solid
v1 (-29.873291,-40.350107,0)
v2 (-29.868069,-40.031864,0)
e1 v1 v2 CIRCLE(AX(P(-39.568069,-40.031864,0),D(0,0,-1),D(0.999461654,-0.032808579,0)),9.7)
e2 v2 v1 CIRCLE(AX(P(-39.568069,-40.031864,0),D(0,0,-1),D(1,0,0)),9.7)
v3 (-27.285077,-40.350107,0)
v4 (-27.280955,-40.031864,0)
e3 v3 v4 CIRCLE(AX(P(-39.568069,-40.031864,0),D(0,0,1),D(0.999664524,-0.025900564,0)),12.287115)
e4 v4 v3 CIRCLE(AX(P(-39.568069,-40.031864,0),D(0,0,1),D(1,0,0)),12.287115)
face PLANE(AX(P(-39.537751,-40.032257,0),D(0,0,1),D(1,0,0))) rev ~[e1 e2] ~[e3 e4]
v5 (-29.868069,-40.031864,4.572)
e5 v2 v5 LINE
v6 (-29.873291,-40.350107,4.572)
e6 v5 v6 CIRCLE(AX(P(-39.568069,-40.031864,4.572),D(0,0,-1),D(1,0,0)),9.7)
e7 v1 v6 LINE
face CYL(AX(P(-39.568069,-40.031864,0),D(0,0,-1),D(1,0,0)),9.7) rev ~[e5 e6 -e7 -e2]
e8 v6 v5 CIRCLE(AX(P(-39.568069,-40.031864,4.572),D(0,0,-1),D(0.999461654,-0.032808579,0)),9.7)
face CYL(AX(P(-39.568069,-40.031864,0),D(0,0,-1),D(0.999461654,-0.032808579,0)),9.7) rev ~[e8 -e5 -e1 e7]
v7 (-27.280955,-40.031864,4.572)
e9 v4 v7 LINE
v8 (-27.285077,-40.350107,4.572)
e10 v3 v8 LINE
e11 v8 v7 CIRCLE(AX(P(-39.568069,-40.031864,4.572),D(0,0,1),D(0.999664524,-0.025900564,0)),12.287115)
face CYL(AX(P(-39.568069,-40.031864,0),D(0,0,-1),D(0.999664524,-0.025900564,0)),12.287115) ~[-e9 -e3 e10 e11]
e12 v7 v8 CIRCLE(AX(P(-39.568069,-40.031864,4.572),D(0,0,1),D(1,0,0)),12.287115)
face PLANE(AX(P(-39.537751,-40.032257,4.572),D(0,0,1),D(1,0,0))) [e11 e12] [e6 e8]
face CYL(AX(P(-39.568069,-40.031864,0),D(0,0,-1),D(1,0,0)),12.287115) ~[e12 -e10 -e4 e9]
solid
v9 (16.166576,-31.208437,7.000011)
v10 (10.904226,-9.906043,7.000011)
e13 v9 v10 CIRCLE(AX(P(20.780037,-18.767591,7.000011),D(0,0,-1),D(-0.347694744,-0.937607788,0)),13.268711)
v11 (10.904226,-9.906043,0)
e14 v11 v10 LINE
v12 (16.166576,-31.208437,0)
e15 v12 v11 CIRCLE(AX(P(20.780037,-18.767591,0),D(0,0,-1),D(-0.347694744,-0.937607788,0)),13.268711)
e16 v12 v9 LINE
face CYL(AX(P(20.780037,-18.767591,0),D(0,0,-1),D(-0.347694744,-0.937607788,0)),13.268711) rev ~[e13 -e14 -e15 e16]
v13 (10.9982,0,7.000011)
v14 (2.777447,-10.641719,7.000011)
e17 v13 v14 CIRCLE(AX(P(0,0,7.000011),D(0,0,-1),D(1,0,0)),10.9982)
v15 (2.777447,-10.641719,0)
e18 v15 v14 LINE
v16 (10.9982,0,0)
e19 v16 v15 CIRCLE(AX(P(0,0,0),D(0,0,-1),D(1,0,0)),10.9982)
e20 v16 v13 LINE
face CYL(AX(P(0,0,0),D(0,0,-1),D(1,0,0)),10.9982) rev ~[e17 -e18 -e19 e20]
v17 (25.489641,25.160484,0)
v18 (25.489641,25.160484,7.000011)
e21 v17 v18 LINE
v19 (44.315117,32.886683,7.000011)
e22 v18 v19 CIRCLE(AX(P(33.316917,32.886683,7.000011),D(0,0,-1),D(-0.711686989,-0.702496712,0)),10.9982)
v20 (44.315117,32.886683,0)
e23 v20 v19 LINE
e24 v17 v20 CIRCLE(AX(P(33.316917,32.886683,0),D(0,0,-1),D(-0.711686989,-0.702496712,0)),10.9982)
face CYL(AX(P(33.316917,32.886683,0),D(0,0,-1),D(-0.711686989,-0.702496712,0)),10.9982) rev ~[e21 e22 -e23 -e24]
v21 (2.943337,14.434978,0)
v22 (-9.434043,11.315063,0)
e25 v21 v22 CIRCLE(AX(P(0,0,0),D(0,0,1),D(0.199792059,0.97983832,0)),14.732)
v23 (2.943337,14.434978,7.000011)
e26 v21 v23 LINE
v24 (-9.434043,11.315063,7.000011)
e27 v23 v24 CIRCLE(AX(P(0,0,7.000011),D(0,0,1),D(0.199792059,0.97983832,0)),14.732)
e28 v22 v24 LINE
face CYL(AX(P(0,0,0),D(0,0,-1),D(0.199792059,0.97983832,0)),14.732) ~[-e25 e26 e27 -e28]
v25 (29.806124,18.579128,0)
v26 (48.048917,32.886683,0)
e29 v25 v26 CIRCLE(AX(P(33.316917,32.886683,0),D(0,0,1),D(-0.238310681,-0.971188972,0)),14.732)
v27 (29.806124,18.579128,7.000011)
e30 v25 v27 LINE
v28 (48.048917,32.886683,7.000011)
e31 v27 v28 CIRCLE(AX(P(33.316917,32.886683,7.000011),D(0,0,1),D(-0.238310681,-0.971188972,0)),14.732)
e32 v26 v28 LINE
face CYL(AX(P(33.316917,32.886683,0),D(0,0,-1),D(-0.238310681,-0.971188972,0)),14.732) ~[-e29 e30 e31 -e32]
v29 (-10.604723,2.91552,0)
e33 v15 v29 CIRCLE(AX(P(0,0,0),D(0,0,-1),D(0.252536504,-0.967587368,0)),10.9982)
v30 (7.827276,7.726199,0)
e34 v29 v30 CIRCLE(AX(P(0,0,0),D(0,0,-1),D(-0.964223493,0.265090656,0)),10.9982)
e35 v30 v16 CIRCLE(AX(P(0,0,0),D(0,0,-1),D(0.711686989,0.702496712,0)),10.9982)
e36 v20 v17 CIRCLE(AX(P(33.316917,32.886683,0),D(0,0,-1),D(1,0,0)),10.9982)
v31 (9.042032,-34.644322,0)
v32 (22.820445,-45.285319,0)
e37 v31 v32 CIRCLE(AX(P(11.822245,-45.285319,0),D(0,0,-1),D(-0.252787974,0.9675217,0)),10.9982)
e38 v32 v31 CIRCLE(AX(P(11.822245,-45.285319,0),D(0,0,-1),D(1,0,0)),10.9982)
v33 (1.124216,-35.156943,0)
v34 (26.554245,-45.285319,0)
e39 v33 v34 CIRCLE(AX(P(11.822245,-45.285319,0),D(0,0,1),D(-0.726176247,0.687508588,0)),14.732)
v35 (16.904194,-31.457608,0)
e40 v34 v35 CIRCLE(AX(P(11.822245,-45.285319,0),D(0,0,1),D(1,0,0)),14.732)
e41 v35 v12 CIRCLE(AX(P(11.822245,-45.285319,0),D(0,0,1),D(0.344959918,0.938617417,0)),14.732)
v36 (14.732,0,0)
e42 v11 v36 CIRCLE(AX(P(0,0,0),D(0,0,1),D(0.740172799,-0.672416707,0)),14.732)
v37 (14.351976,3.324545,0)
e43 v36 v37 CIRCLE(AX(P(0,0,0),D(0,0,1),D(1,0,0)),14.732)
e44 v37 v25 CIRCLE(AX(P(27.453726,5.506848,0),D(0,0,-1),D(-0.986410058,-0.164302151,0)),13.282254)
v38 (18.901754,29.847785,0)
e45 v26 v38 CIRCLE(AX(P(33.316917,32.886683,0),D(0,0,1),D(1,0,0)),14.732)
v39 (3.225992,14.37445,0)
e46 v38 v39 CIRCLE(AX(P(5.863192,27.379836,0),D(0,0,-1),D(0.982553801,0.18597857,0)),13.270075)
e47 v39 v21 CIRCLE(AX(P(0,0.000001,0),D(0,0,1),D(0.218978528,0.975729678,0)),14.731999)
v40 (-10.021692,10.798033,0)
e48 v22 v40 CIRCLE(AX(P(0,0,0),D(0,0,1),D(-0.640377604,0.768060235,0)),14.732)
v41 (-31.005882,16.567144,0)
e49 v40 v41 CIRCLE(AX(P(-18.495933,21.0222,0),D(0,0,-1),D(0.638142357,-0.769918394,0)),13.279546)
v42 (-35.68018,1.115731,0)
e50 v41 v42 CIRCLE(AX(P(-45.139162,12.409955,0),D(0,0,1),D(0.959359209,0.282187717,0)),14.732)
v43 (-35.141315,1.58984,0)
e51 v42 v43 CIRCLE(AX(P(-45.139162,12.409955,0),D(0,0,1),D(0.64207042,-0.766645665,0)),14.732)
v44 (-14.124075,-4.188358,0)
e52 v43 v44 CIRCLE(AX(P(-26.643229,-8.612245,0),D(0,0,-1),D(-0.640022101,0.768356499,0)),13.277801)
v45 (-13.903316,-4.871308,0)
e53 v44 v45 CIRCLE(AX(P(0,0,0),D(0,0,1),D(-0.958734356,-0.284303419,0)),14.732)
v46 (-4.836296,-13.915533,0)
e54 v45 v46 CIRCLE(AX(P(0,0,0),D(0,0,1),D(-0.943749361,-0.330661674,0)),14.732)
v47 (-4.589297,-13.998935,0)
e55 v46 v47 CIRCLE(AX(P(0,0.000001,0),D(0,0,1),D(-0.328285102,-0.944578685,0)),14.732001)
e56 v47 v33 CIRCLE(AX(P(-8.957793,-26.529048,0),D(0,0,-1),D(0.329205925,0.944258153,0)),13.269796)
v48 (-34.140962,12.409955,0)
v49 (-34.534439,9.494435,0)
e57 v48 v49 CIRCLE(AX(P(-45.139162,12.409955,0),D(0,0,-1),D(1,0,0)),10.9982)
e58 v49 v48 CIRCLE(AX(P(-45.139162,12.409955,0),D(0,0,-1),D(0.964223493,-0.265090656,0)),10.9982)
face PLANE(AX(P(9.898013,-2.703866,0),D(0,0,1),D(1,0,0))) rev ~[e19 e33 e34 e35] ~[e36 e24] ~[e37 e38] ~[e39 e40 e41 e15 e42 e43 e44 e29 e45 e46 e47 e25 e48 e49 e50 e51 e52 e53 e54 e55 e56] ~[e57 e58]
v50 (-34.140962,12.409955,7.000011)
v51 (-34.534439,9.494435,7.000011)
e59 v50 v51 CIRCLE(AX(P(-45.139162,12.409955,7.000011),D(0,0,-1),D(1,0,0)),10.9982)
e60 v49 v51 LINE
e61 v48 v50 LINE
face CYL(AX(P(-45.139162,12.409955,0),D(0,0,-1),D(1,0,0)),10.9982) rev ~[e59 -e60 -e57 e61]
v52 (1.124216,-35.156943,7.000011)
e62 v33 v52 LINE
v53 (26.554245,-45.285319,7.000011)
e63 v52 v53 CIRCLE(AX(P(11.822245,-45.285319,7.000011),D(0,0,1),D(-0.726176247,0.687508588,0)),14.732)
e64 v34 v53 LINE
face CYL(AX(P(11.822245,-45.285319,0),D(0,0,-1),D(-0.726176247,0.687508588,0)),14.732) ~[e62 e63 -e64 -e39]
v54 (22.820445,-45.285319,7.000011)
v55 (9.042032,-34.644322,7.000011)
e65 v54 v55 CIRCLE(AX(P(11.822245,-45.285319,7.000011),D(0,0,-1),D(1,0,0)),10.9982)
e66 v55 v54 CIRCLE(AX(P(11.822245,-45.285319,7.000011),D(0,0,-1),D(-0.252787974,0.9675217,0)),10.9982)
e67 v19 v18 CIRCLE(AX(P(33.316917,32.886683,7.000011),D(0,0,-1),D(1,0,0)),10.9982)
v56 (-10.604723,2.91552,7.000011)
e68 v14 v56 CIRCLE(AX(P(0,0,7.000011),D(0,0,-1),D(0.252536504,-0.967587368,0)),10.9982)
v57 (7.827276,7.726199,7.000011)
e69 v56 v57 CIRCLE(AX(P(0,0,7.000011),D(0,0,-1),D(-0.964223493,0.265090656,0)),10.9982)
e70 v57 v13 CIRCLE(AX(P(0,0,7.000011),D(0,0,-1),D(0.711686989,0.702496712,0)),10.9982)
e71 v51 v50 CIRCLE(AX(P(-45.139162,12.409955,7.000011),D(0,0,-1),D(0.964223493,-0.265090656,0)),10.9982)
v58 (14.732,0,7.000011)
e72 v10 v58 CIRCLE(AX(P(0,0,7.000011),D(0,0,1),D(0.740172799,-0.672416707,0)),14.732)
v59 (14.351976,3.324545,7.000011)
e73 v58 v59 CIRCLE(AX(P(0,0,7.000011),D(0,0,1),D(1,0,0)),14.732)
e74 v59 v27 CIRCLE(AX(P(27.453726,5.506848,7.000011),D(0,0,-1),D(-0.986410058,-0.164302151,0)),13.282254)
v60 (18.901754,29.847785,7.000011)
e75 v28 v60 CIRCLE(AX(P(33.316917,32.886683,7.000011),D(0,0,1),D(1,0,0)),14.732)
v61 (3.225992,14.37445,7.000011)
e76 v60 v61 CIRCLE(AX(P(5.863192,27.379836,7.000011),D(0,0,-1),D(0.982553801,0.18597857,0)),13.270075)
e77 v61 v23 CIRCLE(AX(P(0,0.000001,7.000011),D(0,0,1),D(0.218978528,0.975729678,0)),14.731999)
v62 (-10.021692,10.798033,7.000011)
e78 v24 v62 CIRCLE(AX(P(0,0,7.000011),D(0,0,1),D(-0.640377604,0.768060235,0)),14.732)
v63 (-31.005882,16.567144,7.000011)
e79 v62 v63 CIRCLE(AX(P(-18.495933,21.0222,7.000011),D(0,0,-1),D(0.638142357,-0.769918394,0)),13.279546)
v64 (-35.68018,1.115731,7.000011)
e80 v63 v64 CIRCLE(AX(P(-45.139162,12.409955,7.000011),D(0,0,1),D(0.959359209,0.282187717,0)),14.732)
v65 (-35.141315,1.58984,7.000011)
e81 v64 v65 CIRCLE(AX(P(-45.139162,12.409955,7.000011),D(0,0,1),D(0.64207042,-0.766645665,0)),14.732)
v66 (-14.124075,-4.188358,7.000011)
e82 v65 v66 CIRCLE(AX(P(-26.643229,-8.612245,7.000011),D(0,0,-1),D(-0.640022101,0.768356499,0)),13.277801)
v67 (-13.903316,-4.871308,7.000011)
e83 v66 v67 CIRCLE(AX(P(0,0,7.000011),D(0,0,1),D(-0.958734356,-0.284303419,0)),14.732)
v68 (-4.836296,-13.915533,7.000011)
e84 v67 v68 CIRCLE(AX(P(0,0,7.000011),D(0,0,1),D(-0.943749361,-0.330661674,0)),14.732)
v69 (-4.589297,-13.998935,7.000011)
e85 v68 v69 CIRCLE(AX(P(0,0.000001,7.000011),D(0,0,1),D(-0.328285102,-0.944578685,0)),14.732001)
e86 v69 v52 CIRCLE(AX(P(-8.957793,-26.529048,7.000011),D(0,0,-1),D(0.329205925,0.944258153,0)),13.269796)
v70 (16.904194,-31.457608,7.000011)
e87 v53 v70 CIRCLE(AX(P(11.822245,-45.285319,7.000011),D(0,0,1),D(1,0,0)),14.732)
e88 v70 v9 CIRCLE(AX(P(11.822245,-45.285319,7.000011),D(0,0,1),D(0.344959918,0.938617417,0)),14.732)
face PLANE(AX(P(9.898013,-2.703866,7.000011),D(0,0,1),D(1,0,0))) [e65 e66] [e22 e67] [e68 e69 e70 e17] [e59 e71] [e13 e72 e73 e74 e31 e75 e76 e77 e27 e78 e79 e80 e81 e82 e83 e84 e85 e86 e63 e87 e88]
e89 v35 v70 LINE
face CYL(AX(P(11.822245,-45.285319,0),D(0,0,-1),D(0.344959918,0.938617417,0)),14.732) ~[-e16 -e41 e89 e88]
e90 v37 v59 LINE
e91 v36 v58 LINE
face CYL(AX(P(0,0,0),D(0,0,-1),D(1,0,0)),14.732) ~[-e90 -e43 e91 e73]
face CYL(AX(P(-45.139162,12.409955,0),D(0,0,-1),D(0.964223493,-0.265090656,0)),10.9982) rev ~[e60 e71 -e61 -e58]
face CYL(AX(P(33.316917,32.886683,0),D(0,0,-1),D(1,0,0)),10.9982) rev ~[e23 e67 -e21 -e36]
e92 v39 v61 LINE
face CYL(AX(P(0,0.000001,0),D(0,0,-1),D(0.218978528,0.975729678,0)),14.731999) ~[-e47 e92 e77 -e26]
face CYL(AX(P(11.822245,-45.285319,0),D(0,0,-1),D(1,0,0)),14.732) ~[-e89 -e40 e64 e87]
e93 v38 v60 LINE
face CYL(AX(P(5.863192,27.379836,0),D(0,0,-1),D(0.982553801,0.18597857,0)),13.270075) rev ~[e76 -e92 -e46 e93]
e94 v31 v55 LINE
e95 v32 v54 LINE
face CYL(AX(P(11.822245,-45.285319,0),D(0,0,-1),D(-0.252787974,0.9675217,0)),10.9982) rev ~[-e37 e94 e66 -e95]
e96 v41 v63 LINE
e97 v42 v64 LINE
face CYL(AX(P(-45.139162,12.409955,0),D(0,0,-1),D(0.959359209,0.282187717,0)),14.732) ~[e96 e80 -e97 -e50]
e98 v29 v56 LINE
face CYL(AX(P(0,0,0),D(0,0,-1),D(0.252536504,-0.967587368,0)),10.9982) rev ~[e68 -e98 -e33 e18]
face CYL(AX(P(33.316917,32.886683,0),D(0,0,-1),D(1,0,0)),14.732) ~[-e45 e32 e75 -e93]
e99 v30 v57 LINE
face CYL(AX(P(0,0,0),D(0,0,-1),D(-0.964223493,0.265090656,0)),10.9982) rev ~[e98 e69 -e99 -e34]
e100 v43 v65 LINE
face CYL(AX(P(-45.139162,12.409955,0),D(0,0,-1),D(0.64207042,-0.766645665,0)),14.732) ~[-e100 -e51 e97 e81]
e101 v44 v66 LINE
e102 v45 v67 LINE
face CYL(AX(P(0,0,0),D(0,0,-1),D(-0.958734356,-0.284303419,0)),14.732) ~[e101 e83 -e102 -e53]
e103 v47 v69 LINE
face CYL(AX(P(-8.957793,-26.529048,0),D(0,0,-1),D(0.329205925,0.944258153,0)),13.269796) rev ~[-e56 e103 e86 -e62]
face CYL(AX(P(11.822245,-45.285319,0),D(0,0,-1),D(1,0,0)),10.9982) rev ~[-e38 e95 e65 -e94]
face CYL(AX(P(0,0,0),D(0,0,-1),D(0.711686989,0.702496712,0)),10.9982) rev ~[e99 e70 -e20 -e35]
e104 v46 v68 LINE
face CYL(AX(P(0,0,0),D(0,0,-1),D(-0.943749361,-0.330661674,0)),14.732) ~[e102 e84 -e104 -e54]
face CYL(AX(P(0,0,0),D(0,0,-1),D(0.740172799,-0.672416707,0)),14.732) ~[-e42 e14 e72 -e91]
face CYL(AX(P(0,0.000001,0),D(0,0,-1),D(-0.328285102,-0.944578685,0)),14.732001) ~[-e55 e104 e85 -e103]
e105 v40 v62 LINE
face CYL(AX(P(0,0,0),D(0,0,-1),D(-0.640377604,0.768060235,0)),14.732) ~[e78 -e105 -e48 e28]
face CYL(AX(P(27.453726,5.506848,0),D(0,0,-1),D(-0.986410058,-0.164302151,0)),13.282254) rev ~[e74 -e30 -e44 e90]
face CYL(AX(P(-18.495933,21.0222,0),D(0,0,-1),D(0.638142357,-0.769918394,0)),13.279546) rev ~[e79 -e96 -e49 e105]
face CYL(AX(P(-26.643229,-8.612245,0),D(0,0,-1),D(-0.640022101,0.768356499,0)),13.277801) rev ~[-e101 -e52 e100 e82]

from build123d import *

# Parameters (mm, degrees)
F2_DEPTH = 7.0000114
F4_DEPTH = 4.572


with BuildPart() as f2:
    # F0 (on Top) → F2 (new body)
    with BuildSketch(Plane.XY):
        with BuildLine():
            ThreePointArc((7.8272758418, 7.7261993333), (10.1746338608, 4.1757908279), (10.9982, 0))
            ThreePointArc((10.9982, 0), (8.7036578683, -6.7235959837), (2.7774469764, -10.641719388))
            Line((2.7774469764, -10.641719388), (3.7203677744, -14.2544971017))
            ThreePointArc((3.7203677744, -14.2544971017), (7.6286923371, -12.6029709682), (10.90422567, -9.9060429303))
            ThreePointArc((10.90422567, -9.9060429303), (13.7417771152, -5.3099327411), (14.732, 0))
            ThreePointArc((14.732, 0), (14.6366857563, 1.6730971491), (14.3519763684, 3.324544829))
            ThreePointArc((14.3519763684, 3.324544829), (12.9054222306, 7.1050616499), (10.4845727211, 10.3491815549))
            Line((10.4845727211, 10.3491815549), (7.8272758418, 7.7261993333))
        make_face()
        with BuildLine():
            ThreePointArc((-10.6047228182, 2.9155200548), (-2.7774469764, 10.641719388), (7.8272758418, 7.7261993333))
            Line((7.8272758418, 7.7261993333), (10.4845727211, 10.3491815549))
            ThreePointArc((10.4845727211, 10.3491815549), (7.14461963, 12.8835645046), (3.2259916602, 14.3744496176))
            ThreePointArc((3.2259916602, 14.3744496176), (3.0844993227, 14.4039442122), (2.9433366195, 14.4349781276))
            ThreePointArc((2.9433366195, 14.4349781276), (-3.6008032262, 14.2851685369), (-9.4340428582, 11.3150633825))
            ThreePointArc((-9.4340428582, 11.3150633825), (-9.724057208, 11.0522175869), (-10.0216918933, 10.7980329503))
            ThreePointArc((-10.0216918933, 10.7980329503), (-12.5940389679, 7.6434289736), (-14.2049404955, 3.9053155468))
            Line((-14.2049404955, 3.9053155468), (-10.6047228182, 2.9155200548))
        make_face()
        with BuildLine():
            Line((3.7203677744, -14.2544971017), (2.7774469764, -10.641719388))
            ThreePointArc((2.7774469764, -10.641719388), (-7.8272758418, -7.7261993333), (-10.6047228182, 2.9155200548))
            Line((-10.6047228182, 2.9155200548), (-14.2049404955, 3.9053155468))
            ThreePointArc((-14.2049404955, 3.9053155468), (-14.7312647427, -0.1471838281), (-14.1240745364, -4.1883579706))
            ThreePointArc((-14.1240745364, -4.1883579706), (-14.0090795418, -4.5283409399), (-13.9033155932, -4.8713077828))
            ThreePointArc((-13.9033155932, -4.8713077828), (-10.4039783366, -10.430199364), (-4.8362961397, -13.9155331788))
            ThreePointArc((-4.8362961397, -13.9155331788), (-4.7125919019, -13.9566273821), (-4.5892973026, -13.9989347548))
            ThreePointArc((-4.5892973026, -13.9989347548), (-0.4528660503, -14.7250377365), (3.7203677744, -14.2544971017))
        make_face()
        with BuildLine():
            Line((22.8323443989, 22.5375018893), (10.4845727211, 10.3491815549))
            ThreePointArc((10.4845727211, 10.3491815549), (12.9054222306, 7.1050616499), (14.3519763684, 3.324544829))
            ThreePointArc((14.3519763684, 3.324544829), (18.1229856165, 14.9596552736), (29.8061241741, 18.5791275072))
            ThreePointArc((29.8061241741, 18.5791275072), (26.0447271489, 20.0746938631), (22.8323443989, 22.5375018893))
        make_face()
        with BuildLine():
            ThreePointArc((3.2259916602, 14.3744496176), (7.14461963, 12.8835645046), (10.4845727211, 10.3491815549))
            Line((10.4845727211, 10.3491815549), (22.8323443989, 22.5375018893))
            ThreePointArc((22.8323443989, 22.5375018893), (20.3415840097, 25.9101116013), (18.9017542093, 29.8477852459))
            ThreePointArc((18.9017542093, 29.8477852459), (15.1853756336, 17.935695971), (3.2259916602, 14.3744496176))
        make_face()
        with BuildLine():
            Line((8.0991112315, -31.0315443461), (3.7203677744, -14.2544971017))
            ThreePointArc((3.7203677744, -14.2544971017), (-0.4528660503, -14.7250377365), (-4.5892973026, -13.9989347548))
            ThreePointArc((-4.5892973026, -13.9989347548), (3.8531243325, -23.0695845008), (1.1242162746, -35.1569428015))
            ThreePointArc((1.1242162746, -35.1569428015), (4.3224309911, -32.6052318688), (8.0991112315, -31.0315443461))
        make_face()
        with BuildLine():
            ThreePointArc((10.90422567, -9.9060429303), (7.6286923371, -12.6029709682), (3.7203677744, -14.2544971017))
            Line((3.7203677744, -14.2544971017), (8.0991112315, -31.0315443461))
            ThreePointArc((8.0991112315, -31.0315443461), (12.1451914523, -30.5568594675), (16.1665764338, -31.2084373356))
            ThreePointArc((16.1665764338, -31.2084373356), (7.8985484702, -21.9497171909), (10.90422567, -9.9060429303))
        make_face()
        with BuildLine():
            Line((-30.9342213734, 8.5046393328), (-14.2049404955, 3.9053155468))
            ThreePointArc((-14.2049404955, 3.9053155468), (-12.5940389679, 7.6434289736), (-10.0216918933, 10.7980329503))
            ThreePointArc((-10.0216918933, 10.7980329503), (-22.0162164456, 8.2177494019), (-31.0058819992, 16.5671443298))
            ThreePointArc((-31.0058819992, 16.5671443298), (-30.557610116, 14.5099959458), (-30.4071618689, 12.4099548795))
            ThreePointArc((-30.4071618689, 12.4099548795), (-30.539521336, 10.4395944277), (-30.9342213734, 8.5046393328))
        make_face()
        with BuildLine():
            ThreePointArc((-14.1240745364, -4.1883579706), (-14.7312647427, -0.1471838281), (-14.2049404955, 3.9053155468))
            Line((-14.2049404955, 3.9053155468), (-30.9342213734, 8.5046393328))
            ThreePointArc((-30.9342213734, 8.5046393328), (-32.5535614374, 4.7526390457), (-35.1413152965, 1.5898399118))
            ThreePointArc((-35.1413152965, 1.5898399118), (-23.1234080033, 4.190522919), (-14.1240745364, -4.1883579706))
        make_face()
        with BuildLine():
            ThreePointArc((2.9433366195, 14.4349781276), (3.0844993227, 14.4039442122), (3.2259916602, 14.3744496176))
            ThreePointArc((3.2259916602, 14.3744496176), (3.0848126006, 14.4054071522), (2.9433366195, 14.4349781276))
        make_face()
        with BuildLine():
            ThreePointArc((18.9017542093, 29.8477852459), (20.3415840097, 25.9101116013), (22.8323443989, 22.5375018893))
            ThreePointArc((22.8323443989, 22.5375018893), (26.0447271489, 20.0746938631), (29.8061241741, 18.5791275072))
            ThreePointArc((29.8061241741, 18.5791275072), (42.4084192599, 21.2945993848), (48.0489171199, 32.8866834442))
            ThreePointArc((48.0489171199, 32.8866834442), (31.7892319429, 47.5392600777), (18.9017542093, 29.8477852459))
        make_face()
        with BuildLine():
            ThreePointArc((44.3151171199, 32.8866834442), (37.4927079479, 22.7120495834), (25.4896412782, 25.1604841109))
            ThreePointArc((25.4896412782, 25.1604841109), (29.141126292, 43.061317305), (44.3151171199, 32.8866834442))
        make_face(mode=Mode.SUBTRACT)
        with BuildLine():
            ThreePointArc((-4.8362961397, -13.9155331788), (-4.7129812105, -13.9577803432), (-4.5892973026, -13.9989347548))
            ThreePointArc((-4.5892973026, -13.9989347548), (-4.7125919019, -13.9566273821), (-4.8362961397, -13.9155331788))
        make_face()
        with BuildLine():
            ThreePointArc((16.1665764338, -31.2084373356), (12.1451914523, -30.5568594675), (8.0991112315, -31.0315443461))
            ThreePointArc((8.0991112315, -31.0315443461), (4.3224309911, -32.6052318688), (1.1242162746, -35.1569428015))
            ThreePointArc((1.1242162746, -35.1569428015), (6.3711683178, -58.9717209492), (26.5542447489, -45.2853193132))
            ThreePointArc((26.5542447489, -45.2853193132), (23.9032029925, -36.8542890133), (16.9041942579, -31.4576075289))
            ThreePointArc((16.9041942579, -31.4576075289), (16.5335573863, -31.3384337358), (16.1665764338, -31.2084373356))
        make_face()
        with BuildLine():
            ThreePointArc((22.8204447489, -45.2853193132), (5.0997798747, -53.9898508488), (9.0420320533, -34.6443221509))
            ThreePointArc((9.0420320533, -34.6443221509), (18.5447096232, -36.5807877776), (22.8204447489, -45.2853193132))
        make_face(mode=Mode.SUBTRACT)
        with BuildLine():
            ThreePointArc((-9.4340428582, 11.3150633825), (-9.7313017524, 11.0604516275), (-10.0216918933, 10.7980329503))
            ThreePointArc((-10.0216918933, 10.7980329503), (-9.724057208, 11.0522175869), (-9.4340428582, 11.3150633825))
        make_face()
        with BuildLine():
            ThreePointArc((-13.9033155932, -4.8713077828), (-14.0090795418, -4.5283409399), (-14.1240745364, -4.1883579706))
            ThreePointArc((-14.1240745364, -4.1883579706), (-14.0178548459, -4.5311774981), (-13.9033155932, -4.8713077828))
        make_face()
        with BuildLine():
            ThreePointArc((-35.1413152965, 1.5898399118), (-32.5535614374, 4.7526390457), (-30.9342213734, 8.5046393328))
            ThreePointArc((-30.9342213734, 8.5046393328), (-30.539521336, 10.4395944277), (-30.4071618689, 12.4099548795))
            ThreePointArc((-30.4071618689, 12.4099548795), (-30.557610116, 14.5099959458), (-31.0058819992, 16.5671443298))
            ThreePointArc((-31.0058819992, 16.5671443298), (-59.2400569542, 16.6757000422), (-35.6801804399, 1.1157309431))
            ThreePointArc((-35.6801804399, 1.1157309431), (-35.4139519994, 1.356427195), (-35.1413152965, 1.5898399118))
        make_face()
        with BuildLine():
            ThreePointArc((-34.1409618689, 12.4099548795), (-34.2397750572, 10.938978887), (-34.5344390507, 9.4944348248))
            ThreePointArc((-34.5344390507, 9.4944348248), (-56.0385486805, 13.8809308721), (-34.1409618689, 12.4099548795))
        make_face(mode=Mode.SUBTRACT)
        with BuildLine():
            ThreePointArc((16.9041942579, -31.4576075289), (16.5370316723, -31.3281488167), (16.1665764338, -31.2084373356))
            ThreePointArc((16.1665764338, -31.2084373356), (16.5335573863, -31.3384337358), (16.9041942579, -31.4576075289))
        make_face()
        with BuildLine():
            ThreePointArc((-35.6801804399, 1.1157309431), (-35.4078601164, 1.3495032521), (-35.1413152965, 1.5898399118))
            ThreePointArc((-35.1413152965, 1.5898399118), (-35.4139519994, 1.356427195), (-35.6801804399, 1.1157309431))
        make_face()
    extrude(amount=F2_DEPTH)


with BuildPart() as f4:
    # F3 (on Top) → F4 (new body)
    with BuildSketch(Plane.XY):
        with BuildLine():
            ThreePointArc((-27.2809546394, -40.0318642181), (-51.854153103, -39.8727292704), (-27.2850766701, -40.3501074196))
            ThreePointArc((-27.2850766701, -40.3501074196), (-27.2819851903, -40.1909991659), (-27.2809546394, -40.0318642181))
        make_face()
        with BuildLine():
            ThreePointArc((-29.8732914558, -40.3501074196), (-49.266763219, -39.8727211975), (-29.8680694966, -40.0318642181))
            ThreePointArc((-29.8680694966, -40.0318642181), (-29.8693750743, -40.1910072388), (-29.8732914558, -40.3501074196))
        make_face(mode=Mode.SUBTRACT)
    extrude(amount=F4_DEPTH)


solid = Compound([f2.part, f4.part])
